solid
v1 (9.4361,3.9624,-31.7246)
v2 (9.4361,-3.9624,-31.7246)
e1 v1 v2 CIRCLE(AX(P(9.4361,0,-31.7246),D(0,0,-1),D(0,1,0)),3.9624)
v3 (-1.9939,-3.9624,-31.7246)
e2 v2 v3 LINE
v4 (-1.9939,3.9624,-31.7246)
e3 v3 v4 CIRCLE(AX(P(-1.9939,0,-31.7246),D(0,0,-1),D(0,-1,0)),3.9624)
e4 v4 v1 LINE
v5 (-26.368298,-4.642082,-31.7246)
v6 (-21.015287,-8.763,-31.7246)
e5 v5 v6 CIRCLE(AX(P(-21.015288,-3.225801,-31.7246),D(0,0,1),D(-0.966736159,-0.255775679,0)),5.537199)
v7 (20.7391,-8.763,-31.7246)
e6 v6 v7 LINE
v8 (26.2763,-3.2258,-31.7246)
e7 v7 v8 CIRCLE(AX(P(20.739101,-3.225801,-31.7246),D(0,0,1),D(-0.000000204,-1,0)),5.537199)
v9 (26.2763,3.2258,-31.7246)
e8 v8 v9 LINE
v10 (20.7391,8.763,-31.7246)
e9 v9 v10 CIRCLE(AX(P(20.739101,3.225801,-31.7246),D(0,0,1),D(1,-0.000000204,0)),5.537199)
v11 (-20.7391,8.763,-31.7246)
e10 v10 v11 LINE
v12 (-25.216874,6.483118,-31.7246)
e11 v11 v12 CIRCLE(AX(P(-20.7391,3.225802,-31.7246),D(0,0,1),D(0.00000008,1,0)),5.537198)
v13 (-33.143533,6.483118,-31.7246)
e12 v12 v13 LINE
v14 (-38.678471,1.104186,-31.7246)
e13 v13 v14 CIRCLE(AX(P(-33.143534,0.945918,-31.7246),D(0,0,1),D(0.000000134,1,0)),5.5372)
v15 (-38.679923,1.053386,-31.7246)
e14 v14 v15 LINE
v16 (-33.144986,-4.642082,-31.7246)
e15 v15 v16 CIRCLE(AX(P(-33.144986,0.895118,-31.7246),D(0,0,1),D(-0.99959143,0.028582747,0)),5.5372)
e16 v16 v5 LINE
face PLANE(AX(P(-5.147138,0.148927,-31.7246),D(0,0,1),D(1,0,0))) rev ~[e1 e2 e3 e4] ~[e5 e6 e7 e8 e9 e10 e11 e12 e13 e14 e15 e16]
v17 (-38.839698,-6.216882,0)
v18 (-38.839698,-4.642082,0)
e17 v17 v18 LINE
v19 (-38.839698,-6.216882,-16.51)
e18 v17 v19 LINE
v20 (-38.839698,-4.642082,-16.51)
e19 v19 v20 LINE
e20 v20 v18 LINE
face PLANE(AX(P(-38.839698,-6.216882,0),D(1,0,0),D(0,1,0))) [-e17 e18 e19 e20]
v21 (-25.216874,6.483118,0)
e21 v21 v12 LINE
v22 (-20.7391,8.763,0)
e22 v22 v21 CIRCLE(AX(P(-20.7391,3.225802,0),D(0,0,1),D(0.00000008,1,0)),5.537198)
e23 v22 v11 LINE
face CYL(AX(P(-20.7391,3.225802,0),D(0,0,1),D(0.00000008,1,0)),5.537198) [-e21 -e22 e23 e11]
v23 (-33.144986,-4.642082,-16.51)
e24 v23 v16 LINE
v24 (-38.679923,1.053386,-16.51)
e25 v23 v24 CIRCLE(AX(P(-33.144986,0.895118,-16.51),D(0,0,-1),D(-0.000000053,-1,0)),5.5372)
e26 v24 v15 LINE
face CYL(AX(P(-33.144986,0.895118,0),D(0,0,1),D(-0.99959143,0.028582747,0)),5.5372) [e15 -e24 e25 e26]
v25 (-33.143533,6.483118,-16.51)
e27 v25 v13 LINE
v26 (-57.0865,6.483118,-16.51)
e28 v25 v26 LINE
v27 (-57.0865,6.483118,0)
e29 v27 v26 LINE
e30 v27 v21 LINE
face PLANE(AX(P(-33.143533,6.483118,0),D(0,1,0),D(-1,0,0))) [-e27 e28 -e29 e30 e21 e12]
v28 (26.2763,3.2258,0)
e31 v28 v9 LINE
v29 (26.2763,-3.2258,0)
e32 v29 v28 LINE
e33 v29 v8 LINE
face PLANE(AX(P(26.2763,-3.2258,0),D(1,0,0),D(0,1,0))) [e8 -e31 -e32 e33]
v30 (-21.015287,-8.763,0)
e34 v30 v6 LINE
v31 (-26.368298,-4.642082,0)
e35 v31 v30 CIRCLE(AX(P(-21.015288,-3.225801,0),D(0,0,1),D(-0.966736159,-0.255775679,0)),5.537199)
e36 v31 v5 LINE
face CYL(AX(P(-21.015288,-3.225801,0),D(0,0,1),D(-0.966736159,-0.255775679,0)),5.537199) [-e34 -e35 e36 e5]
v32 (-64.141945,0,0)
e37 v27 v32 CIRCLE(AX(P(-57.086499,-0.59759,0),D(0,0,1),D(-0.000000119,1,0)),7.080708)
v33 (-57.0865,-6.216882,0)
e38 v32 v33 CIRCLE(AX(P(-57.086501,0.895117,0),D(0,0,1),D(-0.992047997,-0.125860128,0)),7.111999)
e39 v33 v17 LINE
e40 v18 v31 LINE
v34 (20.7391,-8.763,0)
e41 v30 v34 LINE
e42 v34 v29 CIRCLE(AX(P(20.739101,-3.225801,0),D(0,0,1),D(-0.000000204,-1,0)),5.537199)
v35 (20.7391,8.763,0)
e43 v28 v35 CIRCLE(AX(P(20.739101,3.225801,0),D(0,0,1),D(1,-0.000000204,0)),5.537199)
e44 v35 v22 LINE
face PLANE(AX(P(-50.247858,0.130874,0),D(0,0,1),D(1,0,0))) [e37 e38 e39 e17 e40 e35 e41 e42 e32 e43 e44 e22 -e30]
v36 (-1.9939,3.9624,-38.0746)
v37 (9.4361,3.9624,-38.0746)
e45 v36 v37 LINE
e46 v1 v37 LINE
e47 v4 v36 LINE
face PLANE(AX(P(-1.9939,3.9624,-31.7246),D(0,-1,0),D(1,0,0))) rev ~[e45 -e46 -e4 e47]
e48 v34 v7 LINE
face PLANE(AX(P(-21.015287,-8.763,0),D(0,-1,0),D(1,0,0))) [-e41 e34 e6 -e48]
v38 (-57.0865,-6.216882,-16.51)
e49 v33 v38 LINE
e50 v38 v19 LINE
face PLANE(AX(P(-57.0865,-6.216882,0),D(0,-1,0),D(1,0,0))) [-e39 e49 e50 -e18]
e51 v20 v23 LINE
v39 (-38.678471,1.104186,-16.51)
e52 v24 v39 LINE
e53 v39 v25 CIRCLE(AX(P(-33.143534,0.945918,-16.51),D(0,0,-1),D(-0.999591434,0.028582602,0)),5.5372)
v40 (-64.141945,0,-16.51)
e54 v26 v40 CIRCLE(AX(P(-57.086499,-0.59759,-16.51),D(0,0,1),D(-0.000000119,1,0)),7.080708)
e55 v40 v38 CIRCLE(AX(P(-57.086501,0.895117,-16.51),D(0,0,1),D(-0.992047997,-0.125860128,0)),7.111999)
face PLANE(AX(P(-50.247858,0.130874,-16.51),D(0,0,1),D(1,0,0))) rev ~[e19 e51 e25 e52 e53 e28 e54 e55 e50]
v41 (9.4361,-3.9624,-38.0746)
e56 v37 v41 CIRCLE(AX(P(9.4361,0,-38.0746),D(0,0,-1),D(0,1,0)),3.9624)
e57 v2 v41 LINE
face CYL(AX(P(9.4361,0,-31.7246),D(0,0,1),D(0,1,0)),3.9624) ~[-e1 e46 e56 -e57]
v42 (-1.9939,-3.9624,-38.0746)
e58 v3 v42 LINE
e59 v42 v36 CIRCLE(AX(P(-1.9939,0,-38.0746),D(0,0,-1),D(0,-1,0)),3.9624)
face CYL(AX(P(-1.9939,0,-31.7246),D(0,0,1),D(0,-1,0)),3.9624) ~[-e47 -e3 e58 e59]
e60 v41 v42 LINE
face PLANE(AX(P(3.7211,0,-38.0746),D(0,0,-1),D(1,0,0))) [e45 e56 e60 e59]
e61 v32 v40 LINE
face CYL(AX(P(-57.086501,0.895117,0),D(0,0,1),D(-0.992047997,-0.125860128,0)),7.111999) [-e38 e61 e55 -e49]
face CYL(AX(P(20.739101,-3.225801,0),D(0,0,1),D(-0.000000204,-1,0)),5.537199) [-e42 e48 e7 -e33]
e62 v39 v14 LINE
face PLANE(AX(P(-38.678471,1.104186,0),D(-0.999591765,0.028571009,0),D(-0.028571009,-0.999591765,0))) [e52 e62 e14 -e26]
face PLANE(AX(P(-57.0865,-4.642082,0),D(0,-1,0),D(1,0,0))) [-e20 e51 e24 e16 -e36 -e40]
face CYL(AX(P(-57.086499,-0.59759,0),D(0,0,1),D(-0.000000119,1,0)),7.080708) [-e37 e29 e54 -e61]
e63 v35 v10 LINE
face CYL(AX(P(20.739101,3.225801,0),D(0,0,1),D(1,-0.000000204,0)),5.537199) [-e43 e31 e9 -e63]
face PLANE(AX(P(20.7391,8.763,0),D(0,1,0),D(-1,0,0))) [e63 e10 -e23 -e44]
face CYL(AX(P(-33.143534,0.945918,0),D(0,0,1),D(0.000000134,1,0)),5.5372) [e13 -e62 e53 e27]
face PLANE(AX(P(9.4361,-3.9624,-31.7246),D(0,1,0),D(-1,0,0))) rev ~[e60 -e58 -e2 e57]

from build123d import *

# Parameters (mm, degrees)
F1_DEPTH = 31.7246
F2_DEPTH = 16.51
F4_DEPTH = 6.35
F6_DEPTH = 16.51


with BuildPart() as f1:
    # F0 (on Top) → F1 (new body)
    with BuildSketch(Plane.XY):
        with BuildLine():
            ThreePointArc((26.2763, 3.2258), (24.654492, 7.141192), (20.7391, 8.763))
            Line((20.7391, 8.763), (-20.7391, 8.763))
            ThreePointArc((-20.7391, 8.763), (-23.251486, 8.16022), (-25.216874, 6.483118))
            Line((-25.216874, 6.483118), (-33.143533, 6.483118))
            ThreePointArc((-33.143533, 6.483118), (-37.002563, 4.916872), (-38.678471, 1.104186))
            Line((-38.678471, 1.104186), (-38.679923, 1.053386))
            ThreePointArc((-38.679923, 1.053386), (-37.115939, -2.963912), (-33.144986, -4.642082))
            Line((-33.144986, -4.642082), (-26.368298, -4.642082))
            ThreePointArc((-26.368298, -4.642082), (-24.393034, -7.613443), (-21.015287, -8.763))
            Line((-21.015287, -8.763), (20.7391, -8.763))
            ThreePointArc((20.7391, -8.763), (24.654492, -7.141192), (26.2763, -3.2258))
            Line((26.2763, -3.2258), (26.2763, 3.2258))
        make_face()
    extrude(amount=-F1_DEPTH)

    # F0 (on Top) → F2 (join)
    with BuildSketch(Plane.XY):
        with BuildLine():
            ThreePointArc((-38.678471, 1.104186), (-37.002563, 4.916872), (-33.143533, 6.483118))
            Line((-33.143533, 6.483118), (-38.910577, 6.483118))
            Line((-38.910577, 6.483118), (-57.0865, 6.483118))
            ThreePointArc((-57.0865, 6.483118), (-61.001892, 4.86131), (-62.6237, 0.945918))
            Line((-62.6237, 0.945918), (-62.6237, 0.895118))
            ThreePointArc((-62.6237, 0.895118), (-61.001892, -3.020274), (-57.0865, -4.642082))
            Line((-57.0865, -4.642082), (-38.839698, -4.642082))
            Line((-38.839698, -4.642082), (-33.144986, -4.642082))
            ThreePointArc((-33.144986, -4.642082), (-37.115939, -2.963912), (-38.679923, 1.053386))
            Line((-38.679923, 1.053386), (-38.678471, 1.104186))
        make_face()
    extrude(amount=-F2_DEPTH)

    # F3 (on face) → F4 (join)
    with BuildSketch(Plane(origin=(0, 0, -31.7246), x_dir=(1, 0, 0), z_dir=(0, 0, -1))):
        with BuildLine():
            ThreePointArc((-1.9939, 3.9624), (-5.9563, 0), (-1.9939, -3.9624))
            Line((-1.9939, -3.9624), (9.4361, -3.9624))
            ThreePointArc((9.4361, -3.9624), (13.3985, 0), (9.4361, 3.9624))
            Line((9.4361, 3.9624), (-1.9939, 3.9624))
        make_face()
    extrude(amount=F4_DEPTH)

    # F5 (on Top) → F6 (join)
    with BuildSketch(Plane.XY):
        with BuildLine():
            ThreePointArc((-57.0865, 6.483118), (-61.87738, 4.616227), (-64.141945, 0))
            ThreePointArc((-64.141945, 0), (-61.788333, -4.440921), (-57.0865, -6.216882))
            Line((-57.0865, -6.216882), (-38.839698, -6.216882))
            Line((-38.839698, -6.216882), (-38.839698, -4.598211))
            Line((-38.839698, -4.598211), (-38.839698, 6.483118))
            Line((-38.839698, 6.483118), (-57.0865, 6.483118))
        make_face()
    extrude(amount=-F6_DEPTH)


solid = f1.part
